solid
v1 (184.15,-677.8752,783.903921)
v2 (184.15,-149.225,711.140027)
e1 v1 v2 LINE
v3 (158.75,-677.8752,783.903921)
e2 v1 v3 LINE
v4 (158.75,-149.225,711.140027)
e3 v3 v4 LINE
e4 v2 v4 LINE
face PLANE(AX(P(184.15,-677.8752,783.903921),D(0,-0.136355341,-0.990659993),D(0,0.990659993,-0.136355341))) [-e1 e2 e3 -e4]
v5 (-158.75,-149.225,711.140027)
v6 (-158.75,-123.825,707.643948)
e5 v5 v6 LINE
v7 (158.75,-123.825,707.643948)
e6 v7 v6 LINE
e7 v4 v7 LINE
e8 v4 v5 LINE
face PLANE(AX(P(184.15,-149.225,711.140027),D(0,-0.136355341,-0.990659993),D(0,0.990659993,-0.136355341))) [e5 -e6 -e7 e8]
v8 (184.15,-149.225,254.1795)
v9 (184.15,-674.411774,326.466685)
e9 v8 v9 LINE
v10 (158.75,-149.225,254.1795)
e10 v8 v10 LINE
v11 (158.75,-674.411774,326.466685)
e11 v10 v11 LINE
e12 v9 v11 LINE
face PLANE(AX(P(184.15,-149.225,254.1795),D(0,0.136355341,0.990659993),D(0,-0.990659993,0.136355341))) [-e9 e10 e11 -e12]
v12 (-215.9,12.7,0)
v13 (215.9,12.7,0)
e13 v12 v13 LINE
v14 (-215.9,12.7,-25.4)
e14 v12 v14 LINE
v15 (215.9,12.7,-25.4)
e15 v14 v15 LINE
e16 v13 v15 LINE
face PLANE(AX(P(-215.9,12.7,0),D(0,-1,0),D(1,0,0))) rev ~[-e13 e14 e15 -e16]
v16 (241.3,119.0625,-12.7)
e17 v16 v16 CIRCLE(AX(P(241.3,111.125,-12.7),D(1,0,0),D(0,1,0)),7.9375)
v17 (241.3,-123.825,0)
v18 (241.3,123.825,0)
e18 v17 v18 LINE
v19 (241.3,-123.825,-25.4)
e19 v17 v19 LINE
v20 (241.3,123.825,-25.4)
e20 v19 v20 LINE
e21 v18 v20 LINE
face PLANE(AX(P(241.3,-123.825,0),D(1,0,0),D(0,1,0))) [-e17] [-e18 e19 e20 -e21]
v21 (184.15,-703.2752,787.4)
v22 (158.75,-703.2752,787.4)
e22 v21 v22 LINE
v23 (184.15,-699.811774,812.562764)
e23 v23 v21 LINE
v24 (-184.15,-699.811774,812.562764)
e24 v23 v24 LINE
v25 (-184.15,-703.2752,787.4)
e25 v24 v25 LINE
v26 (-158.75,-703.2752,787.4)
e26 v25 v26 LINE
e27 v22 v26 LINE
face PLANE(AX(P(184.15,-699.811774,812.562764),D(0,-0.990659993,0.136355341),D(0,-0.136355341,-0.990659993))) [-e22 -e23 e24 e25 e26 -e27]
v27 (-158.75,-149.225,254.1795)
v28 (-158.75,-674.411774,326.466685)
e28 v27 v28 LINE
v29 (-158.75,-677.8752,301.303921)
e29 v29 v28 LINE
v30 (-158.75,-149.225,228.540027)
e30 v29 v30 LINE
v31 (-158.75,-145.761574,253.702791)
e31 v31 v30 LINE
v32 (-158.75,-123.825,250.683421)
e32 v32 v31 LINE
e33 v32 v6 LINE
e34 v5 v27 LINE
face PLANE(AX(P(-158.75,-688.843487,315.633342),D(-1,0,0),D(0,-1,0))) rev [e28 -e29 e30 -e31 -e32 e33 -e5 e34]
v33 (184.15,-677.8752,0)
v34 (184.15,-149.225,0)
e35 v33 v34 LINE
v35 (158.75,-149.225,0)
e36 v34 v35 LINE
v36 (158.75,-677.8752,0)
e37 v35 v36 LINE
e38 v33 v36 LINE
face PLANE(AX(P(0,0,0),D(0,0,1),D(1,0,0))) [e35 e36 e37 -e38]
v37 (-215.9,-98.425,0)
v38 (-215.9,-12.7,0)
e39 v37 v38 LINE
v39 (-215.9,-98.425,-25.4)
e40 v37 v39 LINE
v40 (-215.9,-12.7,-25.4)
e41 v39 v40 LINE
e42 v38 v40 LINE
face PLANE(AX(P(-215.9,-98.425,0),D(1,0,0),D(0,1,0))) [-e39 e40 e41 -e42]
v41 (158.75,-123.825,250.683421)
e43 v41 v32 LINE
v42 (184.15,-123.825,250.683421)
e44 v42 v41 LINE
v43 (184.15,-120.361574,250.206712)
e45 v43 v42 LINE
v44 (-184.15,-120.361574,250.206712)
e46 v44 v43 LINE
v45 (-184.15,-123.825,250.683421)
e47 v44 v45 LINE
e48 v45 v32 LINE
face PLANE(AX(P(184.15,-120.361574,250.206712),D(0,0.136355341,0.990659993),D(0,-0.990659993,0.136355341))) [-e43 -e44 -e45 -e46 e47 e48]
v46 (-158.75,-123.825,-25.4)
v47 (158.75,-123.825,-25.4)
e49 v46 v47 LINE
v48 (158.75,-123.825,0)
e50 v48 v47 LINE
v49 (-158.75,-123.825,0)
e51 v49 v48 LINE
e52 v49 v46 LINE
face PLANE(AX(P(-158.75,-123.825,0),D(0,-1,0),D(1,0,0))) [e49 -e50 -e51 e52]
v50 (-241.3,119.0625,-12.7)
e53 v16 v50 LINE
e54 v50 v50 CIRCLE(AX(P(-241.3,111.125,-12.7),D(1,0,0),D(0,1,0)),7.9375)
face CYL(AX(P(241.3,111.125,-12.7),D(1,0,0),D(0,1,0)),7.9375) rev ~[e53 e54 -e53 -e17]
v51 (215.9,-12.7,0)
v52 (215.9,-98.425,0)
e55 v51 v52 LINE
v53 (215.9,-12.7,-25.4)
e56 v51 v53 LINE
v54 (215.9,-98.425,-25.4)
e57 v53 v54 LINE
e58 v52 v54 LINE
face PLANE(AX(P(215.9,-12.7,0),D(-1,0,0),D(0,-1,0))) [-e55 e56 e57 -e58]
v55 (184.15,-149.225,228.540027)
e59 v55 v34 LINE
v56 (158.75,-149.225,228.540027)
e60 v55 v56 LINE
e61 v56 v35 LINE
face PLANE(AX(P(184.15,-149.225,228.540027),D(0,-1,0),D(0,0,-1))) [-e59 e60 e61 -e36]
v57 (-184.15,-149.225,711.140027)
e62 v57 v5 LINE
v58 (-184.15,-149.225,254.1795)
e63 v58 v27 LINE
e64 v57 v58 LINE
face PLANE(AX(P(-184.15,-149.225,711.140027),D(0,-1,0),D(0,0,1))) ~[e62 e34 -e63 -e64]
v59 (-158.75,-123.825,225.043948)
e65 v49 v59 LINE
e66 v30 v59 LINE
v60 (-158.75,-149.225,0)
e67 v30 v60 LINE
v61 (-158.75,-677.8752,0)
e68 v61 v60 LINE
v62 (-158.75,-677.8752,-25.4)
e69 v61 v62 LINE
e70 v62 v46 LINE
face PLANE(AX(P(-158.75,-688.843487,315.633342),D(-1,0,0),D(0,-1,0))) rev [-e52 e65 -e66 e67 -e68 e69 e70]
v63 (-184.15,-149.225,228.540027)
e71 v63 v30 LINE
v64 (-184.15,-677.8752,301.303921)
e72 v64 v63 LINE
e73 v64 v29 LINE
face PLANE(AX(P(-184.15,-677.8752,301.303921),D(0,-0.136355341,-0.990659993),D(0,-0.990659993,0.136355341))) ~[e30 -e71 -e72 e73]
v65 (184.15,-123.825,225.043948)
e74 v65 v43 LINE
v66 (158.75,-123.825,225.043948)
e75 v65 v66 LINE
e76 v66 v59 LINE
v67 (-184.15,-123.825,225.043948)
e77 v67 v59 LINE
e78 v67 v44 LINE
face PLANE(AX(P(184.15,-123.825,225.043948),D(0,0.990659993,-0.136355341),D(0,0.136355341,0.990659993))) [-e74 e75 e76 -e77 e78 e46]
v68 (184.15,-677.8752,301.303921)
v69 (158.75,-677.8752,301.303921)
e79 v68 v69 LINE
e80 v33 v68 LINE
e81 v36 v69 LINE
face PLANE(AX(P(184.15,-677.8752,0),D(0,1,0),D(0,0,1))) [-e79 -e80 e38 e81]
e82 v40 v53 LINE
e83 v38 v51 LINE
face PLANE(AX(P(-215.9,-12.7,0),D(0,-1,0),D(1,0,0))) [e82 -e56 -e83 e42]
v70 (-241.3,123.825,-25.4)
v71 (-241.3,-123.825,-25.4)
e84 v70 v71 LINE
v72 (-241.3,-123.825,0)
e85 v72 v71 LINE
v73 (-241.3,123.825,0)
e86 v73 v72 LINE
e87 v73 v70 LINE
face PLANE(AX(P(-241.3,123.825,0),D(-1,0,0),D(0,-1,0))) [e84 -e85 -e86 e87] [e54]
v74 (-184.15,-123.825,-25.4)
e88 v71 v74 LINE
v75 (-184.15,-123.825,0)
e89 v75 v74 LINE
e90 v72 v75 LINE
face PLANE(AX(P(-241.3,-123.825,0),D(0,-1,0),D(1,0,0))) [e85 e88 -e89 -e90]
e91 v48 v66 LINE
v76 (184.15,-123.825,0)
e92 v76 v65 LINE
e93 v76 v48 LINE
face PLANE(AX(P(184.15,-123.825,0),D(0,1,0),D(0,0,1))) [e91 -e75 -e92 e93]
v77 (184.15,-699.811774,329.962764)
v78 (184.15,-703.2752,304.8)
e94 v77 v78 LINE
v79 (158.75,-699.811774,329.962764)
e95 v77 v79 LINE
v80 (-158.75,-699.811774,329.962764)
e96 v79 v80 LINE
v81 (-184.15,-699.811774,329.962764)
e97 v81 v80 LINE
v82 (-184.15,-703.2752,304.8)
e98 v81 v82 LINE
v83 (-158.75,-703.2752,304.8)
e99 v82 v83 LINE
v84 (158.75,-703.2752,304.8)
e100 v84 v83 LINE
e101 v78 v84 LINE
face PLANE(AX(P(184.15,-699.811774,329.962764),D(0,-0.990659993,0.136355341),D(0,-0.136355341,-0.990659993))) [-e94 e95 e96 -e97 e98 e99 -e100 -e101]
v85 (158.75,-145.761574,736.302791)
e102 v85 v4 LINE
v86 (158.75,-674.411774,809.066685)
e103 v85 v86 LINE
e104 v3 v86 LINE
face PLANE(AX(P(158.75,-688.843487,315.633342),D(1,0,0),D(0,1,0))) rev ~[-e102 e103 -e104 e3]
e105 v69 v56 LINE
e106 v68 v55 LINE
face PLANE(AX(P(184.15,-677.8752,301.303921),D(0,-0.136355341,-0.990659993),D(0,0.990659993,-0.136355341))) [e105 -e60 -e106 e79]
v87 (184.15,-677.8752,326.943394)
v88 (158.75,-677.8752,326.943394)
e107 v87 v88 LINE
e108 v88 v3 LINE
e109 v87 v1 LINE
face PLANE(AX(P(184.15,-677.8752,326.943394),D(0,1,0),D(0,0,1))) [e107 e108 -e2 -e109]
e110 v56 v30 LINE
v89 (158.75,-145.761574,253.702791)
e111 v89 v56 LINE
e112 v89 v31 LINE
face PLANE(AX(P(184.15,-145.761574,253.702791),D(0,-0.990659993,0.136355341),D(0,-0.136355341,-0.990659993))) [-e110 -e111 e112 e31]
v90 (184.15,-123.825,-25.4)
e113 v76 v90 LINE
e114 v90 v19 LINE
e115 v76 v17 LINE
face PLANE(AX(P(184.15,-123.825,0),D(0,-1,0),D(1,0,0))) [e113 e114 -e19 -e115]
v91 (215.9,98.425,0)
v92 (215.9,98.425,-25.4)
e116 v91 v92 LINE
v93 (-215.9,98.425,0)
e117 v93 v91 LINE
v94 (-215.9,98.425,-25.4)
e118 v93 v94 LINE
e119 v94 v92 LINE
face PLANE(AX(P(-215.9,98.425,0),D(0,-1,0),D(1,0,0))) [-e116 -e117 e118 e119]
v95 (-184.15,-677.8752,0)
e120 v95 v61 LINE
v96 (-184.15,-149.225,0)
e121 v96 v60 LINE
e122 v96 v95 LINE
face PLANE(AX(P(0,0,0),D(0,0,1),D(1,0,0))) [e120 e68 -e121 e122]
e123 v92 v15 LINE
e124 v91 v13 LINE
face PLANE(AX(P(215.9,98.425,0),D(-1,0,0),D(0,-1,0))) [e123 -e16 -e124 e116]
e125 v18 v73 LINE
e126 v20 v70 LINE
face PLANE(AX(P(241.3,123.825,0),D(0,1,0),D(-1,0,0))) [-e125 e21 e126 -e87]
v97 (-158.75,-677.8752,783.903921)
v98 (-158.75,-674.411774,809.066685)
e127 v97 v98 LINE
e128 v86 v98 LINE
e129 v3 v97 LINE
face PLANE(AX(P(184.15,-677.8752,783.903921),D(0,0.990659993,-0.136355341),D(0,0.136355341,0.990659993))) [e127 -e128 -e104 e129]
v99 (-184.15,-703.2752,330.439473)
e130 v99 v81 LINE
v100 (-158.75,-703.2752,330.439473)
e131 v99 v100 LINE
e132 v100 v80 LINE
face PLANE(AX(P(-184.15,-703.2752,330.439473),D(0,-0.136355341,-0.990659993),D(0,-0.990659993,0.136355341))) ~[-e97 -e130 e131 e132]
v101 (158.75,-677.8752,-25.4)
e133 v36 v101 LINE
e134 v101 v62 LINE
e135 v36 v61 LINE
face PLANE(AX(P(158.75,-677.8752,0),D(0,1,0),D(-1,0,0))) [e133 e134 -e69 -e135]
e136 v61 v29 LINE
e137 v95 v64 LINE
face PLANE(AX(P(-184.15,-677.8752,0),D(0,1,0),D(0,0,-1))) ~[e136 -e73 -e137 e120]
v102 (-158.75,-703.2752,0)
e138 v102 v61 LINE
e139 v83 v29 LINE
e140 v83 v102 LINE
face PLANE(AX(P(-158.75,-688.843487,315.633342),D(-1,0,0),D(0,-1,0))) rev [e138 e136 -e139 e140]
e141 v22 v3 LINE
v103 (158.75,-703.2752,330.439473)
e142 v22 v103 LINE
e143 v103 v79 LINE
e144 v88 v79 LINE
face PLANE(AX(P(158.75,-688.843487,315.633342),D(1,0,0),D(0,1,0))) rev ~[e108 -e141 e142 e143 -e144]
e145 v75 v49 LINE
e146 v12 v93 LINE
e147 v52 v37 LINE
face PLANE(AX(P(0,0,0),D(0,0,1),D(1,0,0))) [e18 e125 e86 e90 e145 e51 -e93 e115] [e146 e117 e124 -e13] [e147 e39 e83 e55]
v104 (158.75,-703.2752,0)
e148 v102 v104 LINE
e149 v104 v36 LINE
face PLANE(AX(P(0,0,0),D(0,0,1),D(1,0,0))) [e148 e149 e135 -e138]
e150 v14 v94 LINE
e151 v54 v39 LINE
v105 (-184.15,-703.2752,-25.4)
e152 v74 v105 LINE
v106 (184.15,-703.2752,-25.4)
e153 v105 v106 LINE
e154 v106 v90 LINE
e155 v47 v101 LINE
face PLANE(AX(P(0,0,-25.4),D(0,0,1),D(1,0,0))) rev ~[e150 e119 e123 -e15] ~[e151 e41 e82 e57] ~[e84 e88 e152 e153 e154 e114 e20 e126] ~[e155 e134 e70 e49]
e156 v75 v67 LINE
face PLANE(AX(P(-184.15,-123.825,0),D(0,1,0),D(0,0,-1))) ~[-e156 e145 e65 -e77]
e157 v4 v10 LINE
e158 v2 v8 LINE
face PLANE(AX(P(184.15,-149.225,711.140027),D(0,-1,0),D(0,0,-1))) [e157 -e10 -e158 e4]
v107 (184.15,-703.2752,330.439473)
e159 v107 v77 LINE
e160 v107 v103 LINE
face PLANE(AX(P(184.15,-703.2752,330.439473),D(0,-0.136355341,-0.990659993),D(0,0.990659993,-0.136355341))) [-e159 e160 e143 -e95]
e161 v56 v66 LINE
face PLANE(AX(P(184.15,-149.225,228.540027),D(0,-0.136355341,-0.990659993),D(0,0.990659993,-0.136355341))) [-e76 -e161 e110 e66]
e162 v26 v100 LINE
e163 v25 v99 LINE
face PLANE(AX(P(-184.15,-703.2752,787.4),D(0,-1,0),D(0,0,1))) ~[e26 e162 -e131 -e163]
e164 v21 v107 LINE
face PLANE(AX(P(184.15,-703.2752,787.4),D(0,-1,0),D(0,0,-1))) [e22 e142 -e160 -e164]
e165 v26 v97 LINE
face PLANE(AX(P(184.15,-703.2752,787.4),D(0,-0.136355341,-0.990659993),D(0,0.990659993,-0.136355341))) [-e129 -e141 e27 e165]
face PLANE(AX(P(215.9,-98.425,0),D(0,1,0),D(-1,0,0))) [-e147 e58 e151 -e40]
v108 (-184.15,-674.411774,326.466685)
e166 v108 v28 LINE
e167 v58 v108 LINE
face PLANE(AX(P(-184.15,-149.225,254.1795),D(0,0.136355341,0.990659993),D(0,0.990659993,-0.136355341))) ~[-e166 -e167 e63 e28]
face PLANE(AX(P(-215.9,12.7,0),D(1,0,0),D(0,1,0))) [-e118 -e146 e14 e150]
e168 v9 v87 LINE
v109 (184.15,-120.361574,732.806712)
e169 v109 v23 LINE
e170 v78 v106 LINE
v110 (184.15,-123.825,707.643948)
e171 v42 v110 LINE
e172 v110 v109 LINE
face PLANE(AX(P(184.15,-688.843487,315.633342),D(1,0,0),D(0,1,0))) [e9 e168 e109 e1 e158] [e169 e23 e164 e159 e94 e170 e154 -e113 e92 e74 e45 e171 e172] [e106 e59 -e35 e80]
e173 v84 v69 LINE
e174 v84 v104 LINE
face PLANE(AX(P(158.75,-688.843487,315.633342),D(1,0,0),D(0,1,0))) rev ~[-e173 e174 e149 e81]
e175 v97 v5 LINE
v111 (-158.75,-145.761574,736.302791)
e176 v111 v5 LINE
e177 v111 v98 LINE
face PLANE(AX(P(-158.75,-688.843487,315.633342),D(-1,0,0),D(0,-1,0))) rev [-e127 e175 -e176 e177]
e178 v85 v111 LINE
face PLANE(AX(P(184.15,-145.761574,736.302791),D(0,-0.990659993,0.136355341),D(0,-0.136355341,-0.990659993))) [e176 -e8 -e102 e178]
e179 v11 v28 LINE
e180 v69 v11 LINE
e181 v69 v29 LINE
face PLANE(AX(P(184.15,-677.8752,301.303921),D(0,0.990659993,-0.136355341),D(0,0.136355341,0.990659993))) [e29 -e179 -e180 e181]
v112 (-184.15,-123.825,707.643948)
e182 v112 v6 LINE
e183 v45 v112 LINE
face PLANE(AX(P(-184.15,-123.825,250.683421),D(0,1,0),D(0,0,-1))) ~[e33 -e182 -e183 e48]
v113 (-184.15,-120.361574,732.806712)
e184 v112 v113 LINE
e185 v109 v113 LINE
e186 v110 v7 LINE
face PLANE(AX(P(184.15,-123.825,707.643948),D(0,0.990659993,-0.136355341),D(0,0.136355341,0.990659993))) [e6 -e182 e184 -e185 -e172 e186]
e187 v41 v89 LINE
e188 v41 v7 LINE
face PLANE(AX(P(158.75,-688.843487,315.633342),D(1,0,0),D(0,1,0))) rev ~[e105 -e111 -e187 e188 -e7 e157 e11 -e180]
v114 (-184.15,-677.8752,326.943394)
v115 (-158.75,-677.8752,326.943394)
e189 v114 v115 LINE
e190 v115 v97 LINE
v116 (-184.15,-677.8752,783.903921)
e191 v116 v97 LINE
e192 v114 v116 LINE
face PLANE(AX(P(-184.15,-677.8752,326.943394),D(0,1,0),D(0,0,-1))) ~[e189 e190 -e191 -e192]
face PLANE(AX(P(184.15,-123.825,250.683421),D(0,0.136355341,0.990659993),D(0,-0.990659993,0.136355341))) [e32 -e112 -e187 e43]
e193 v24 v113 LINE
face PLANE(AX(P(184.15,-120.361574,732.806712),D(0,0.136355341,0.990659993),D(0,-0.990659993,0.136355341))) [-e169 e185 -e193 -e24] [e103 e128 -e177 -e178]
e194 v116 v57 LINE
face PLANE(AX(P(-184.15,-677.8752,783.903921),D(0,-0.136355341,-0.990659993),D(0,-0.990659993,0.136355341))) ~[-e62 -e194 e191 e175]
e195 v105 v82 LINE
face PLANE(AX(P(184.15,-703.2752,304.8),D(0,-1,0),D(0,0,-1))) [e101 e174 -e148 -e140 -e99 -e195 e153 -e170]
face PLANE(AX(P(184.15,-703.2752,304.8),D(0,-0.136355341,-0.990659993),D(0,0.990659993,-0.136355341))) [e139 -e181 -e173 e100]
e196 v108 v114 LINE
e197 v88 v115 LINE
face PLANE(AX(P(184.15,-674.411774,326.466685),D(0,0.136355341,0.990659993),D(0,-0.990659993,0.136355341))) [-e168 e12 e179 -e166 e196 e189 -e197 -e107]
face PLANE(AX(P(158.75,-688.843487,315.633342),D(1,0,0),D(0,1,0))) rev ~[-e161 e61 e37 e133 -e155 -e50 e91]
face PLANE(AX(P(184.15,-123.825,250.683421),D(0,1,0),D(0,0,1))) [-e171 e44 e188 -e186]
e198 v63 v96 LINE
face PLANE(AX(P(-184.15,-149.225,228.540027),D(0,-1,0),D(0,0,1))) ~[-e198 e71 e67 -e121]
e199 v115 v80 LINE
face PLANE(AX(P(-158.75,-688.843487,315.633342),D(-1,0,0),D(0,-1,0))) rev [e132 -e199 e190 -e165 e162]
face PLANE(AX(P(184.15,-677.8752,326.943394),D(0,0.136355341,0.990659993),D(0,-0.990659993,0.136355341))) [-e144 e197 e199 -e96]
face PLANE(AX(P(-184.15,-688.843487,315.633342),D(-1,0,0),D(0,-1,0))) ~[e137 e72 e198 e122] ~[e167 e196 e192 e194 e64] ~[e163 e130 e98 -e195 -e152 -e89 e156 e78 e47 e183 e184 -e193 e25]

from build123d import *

# Parameters (mm, degrees)
F0_W     = 431.8
F0_H     = 25.4
F1_DEPTH = 25.4
F3_DEPTH = 25.4
F5_DEPTH = 368.3
F6_R     = 7.9375
F7_DEPTH = 482.6


with BuildPart() as f1:
    # F0 (on Top) → F1 (new body)
    with BuildSketch(Plane.XY):
        Polygon((241.3, 123.825), (-241.3, 123.825), (-241.3, -123.825), (-184.15, -123.825), (-158.75, -123.825), (158.75, -123.825), (184.15, -123.825), (241.3, -123.825), align=None)
        Polygon((-215.9, 98.425), (215.9, 98.425), (215.9, 12.7), (215.9, -12.7), (215.9, -98.425), (-215.9, -98.425), (-215.9, -12.7), (-215.9, 12.7), align=None, mode=Mode.SUBTRACT)
        Polygon((-158.75, -123.825), (-184.15, -123.825), (-184.15, -703.2752), (184.15, -703.2752), (184.15, -123.825), (158.75, -123.825), (158.75, -677.8752), (-158.75, -677.8752), align=None)
        Rectangle(F0_W, F0_H)
    extrude(amount=-F1_DEPTH)

    # F4: F3 across plane


with BuildPart() as f3:
    # F2 (on face) → F3 (new body)
    with BuildSketch(Plane.YZ.offset(184.15)):
        Polygon((-699.8117743353, 329.9627638121), (-703.2752, 304.8), (-677.8752, 301.3039209309), (-674.4117743353, 326.466684743), (-677.8752, 326.9433937971), align=None)
        Polygon((-674.4117743353, 326.466684743), (-677.8752, 301.3039209309), (-149.225, 228.5400272659), (-145.7615743353, 253.702791078), (-149.225, 254.1795001321), align=None)
        Polygon((-703.2752, 330.4394728662), (-699.8117743353, 329.9627638121), (-677.8752, 326.9433937971), (-677.8752, 783.9039209309), (-703.2752, 787.4), align=None)
        Polygon((-145.7615743353, 253.702791078), (-149.225, 228.5400272659), (-123.825, 225.0439481968), (-120.3615743353, 250.2067120089), (-123.825, 250.683421063), align=None)
        Polygon((-149.225, 254.1795001321), (-145.7615743353, 253.702791078), (-123.825, 250.683421063), (-123.825, 707.6439481968), (-149.225, 711.1400272659), align=None)
        Polygon((-674.4117743353, 809.066684743), (-677.8752, 783.9039209309), (-149.225, 711.1400272659), (-145.7615743353, 736.302791078), align=None)
        Polygon((-703.2752, 787.4), (-677.8752, 783.9039209309), (-674.4117743353, 809.066684743), (-699.8117743353, 812.5627638121), align=None)
        Polygon((-145.7615743353, 736.302791078), (-149.225, 711.1400272659), (-123.825, 707.6439481968), (-120.3615743353, 732.8067120089), align=None)
        Polygon((-703.2752, 304.8), (-703.2752, 0), (-677.8752, 0), (-677.8752, 301.3039209309), align=None)
        Polygon((-149.225, 228.5400272659), (-149.225, 0), (-123.825, 0), (-123.825, 225.0439481968), align=None)
    extrude(amount=-F3_DEPTH)


with BuildPart() as f1_1:
    add(f1.part)
    add(f3.part.mirror(Plane.YZ))


    add(f3.part)  # F5 merges F3
    # F2 (on face) → F5 (join)
    with BuildSketch(Plane.YZ.offset(184.15)):
        Polygon((-699.8117743353, 329.9627638121), (-703.2752, 304.8), (-677.8752, 301.3039209309), (-674.4117743353, 326.466684743), (-677.8752, 326.9433937971), align=None)
        Polygon((-145.7615743353, 253.702791078), (-149.225, 228.5400272659), (-123.825, 225.0439481968), (-120.3615743353, 250.2067120089), (-123.825, 250.683421063), align=None)
        Polygon((-703.2752, 787.4), (-677.8752, 783.9039209309), (-674.4117743353, 809.066684743), (-699.8117743353, 812.5627638121), align=None)
        Polygon((-145.7615743353, 736.302791078), (-149.225, 711.1400272659), (-123.825, 707.6439481968), (-120.3615743353, 732.8067120089), align=None)
    extrude(amount=-F5_DEPTH)

    # F6 (on face) → F7 (cut)
    with BuildSketch(Plane.YZ.offset(241.3)):
        with Locations((111.125, -12.7)):
            Circle(F6_R)
    extrude(amount=-F7_DEPTH, mode=Mode.SUBTRACT)


solid = f1_1.part
